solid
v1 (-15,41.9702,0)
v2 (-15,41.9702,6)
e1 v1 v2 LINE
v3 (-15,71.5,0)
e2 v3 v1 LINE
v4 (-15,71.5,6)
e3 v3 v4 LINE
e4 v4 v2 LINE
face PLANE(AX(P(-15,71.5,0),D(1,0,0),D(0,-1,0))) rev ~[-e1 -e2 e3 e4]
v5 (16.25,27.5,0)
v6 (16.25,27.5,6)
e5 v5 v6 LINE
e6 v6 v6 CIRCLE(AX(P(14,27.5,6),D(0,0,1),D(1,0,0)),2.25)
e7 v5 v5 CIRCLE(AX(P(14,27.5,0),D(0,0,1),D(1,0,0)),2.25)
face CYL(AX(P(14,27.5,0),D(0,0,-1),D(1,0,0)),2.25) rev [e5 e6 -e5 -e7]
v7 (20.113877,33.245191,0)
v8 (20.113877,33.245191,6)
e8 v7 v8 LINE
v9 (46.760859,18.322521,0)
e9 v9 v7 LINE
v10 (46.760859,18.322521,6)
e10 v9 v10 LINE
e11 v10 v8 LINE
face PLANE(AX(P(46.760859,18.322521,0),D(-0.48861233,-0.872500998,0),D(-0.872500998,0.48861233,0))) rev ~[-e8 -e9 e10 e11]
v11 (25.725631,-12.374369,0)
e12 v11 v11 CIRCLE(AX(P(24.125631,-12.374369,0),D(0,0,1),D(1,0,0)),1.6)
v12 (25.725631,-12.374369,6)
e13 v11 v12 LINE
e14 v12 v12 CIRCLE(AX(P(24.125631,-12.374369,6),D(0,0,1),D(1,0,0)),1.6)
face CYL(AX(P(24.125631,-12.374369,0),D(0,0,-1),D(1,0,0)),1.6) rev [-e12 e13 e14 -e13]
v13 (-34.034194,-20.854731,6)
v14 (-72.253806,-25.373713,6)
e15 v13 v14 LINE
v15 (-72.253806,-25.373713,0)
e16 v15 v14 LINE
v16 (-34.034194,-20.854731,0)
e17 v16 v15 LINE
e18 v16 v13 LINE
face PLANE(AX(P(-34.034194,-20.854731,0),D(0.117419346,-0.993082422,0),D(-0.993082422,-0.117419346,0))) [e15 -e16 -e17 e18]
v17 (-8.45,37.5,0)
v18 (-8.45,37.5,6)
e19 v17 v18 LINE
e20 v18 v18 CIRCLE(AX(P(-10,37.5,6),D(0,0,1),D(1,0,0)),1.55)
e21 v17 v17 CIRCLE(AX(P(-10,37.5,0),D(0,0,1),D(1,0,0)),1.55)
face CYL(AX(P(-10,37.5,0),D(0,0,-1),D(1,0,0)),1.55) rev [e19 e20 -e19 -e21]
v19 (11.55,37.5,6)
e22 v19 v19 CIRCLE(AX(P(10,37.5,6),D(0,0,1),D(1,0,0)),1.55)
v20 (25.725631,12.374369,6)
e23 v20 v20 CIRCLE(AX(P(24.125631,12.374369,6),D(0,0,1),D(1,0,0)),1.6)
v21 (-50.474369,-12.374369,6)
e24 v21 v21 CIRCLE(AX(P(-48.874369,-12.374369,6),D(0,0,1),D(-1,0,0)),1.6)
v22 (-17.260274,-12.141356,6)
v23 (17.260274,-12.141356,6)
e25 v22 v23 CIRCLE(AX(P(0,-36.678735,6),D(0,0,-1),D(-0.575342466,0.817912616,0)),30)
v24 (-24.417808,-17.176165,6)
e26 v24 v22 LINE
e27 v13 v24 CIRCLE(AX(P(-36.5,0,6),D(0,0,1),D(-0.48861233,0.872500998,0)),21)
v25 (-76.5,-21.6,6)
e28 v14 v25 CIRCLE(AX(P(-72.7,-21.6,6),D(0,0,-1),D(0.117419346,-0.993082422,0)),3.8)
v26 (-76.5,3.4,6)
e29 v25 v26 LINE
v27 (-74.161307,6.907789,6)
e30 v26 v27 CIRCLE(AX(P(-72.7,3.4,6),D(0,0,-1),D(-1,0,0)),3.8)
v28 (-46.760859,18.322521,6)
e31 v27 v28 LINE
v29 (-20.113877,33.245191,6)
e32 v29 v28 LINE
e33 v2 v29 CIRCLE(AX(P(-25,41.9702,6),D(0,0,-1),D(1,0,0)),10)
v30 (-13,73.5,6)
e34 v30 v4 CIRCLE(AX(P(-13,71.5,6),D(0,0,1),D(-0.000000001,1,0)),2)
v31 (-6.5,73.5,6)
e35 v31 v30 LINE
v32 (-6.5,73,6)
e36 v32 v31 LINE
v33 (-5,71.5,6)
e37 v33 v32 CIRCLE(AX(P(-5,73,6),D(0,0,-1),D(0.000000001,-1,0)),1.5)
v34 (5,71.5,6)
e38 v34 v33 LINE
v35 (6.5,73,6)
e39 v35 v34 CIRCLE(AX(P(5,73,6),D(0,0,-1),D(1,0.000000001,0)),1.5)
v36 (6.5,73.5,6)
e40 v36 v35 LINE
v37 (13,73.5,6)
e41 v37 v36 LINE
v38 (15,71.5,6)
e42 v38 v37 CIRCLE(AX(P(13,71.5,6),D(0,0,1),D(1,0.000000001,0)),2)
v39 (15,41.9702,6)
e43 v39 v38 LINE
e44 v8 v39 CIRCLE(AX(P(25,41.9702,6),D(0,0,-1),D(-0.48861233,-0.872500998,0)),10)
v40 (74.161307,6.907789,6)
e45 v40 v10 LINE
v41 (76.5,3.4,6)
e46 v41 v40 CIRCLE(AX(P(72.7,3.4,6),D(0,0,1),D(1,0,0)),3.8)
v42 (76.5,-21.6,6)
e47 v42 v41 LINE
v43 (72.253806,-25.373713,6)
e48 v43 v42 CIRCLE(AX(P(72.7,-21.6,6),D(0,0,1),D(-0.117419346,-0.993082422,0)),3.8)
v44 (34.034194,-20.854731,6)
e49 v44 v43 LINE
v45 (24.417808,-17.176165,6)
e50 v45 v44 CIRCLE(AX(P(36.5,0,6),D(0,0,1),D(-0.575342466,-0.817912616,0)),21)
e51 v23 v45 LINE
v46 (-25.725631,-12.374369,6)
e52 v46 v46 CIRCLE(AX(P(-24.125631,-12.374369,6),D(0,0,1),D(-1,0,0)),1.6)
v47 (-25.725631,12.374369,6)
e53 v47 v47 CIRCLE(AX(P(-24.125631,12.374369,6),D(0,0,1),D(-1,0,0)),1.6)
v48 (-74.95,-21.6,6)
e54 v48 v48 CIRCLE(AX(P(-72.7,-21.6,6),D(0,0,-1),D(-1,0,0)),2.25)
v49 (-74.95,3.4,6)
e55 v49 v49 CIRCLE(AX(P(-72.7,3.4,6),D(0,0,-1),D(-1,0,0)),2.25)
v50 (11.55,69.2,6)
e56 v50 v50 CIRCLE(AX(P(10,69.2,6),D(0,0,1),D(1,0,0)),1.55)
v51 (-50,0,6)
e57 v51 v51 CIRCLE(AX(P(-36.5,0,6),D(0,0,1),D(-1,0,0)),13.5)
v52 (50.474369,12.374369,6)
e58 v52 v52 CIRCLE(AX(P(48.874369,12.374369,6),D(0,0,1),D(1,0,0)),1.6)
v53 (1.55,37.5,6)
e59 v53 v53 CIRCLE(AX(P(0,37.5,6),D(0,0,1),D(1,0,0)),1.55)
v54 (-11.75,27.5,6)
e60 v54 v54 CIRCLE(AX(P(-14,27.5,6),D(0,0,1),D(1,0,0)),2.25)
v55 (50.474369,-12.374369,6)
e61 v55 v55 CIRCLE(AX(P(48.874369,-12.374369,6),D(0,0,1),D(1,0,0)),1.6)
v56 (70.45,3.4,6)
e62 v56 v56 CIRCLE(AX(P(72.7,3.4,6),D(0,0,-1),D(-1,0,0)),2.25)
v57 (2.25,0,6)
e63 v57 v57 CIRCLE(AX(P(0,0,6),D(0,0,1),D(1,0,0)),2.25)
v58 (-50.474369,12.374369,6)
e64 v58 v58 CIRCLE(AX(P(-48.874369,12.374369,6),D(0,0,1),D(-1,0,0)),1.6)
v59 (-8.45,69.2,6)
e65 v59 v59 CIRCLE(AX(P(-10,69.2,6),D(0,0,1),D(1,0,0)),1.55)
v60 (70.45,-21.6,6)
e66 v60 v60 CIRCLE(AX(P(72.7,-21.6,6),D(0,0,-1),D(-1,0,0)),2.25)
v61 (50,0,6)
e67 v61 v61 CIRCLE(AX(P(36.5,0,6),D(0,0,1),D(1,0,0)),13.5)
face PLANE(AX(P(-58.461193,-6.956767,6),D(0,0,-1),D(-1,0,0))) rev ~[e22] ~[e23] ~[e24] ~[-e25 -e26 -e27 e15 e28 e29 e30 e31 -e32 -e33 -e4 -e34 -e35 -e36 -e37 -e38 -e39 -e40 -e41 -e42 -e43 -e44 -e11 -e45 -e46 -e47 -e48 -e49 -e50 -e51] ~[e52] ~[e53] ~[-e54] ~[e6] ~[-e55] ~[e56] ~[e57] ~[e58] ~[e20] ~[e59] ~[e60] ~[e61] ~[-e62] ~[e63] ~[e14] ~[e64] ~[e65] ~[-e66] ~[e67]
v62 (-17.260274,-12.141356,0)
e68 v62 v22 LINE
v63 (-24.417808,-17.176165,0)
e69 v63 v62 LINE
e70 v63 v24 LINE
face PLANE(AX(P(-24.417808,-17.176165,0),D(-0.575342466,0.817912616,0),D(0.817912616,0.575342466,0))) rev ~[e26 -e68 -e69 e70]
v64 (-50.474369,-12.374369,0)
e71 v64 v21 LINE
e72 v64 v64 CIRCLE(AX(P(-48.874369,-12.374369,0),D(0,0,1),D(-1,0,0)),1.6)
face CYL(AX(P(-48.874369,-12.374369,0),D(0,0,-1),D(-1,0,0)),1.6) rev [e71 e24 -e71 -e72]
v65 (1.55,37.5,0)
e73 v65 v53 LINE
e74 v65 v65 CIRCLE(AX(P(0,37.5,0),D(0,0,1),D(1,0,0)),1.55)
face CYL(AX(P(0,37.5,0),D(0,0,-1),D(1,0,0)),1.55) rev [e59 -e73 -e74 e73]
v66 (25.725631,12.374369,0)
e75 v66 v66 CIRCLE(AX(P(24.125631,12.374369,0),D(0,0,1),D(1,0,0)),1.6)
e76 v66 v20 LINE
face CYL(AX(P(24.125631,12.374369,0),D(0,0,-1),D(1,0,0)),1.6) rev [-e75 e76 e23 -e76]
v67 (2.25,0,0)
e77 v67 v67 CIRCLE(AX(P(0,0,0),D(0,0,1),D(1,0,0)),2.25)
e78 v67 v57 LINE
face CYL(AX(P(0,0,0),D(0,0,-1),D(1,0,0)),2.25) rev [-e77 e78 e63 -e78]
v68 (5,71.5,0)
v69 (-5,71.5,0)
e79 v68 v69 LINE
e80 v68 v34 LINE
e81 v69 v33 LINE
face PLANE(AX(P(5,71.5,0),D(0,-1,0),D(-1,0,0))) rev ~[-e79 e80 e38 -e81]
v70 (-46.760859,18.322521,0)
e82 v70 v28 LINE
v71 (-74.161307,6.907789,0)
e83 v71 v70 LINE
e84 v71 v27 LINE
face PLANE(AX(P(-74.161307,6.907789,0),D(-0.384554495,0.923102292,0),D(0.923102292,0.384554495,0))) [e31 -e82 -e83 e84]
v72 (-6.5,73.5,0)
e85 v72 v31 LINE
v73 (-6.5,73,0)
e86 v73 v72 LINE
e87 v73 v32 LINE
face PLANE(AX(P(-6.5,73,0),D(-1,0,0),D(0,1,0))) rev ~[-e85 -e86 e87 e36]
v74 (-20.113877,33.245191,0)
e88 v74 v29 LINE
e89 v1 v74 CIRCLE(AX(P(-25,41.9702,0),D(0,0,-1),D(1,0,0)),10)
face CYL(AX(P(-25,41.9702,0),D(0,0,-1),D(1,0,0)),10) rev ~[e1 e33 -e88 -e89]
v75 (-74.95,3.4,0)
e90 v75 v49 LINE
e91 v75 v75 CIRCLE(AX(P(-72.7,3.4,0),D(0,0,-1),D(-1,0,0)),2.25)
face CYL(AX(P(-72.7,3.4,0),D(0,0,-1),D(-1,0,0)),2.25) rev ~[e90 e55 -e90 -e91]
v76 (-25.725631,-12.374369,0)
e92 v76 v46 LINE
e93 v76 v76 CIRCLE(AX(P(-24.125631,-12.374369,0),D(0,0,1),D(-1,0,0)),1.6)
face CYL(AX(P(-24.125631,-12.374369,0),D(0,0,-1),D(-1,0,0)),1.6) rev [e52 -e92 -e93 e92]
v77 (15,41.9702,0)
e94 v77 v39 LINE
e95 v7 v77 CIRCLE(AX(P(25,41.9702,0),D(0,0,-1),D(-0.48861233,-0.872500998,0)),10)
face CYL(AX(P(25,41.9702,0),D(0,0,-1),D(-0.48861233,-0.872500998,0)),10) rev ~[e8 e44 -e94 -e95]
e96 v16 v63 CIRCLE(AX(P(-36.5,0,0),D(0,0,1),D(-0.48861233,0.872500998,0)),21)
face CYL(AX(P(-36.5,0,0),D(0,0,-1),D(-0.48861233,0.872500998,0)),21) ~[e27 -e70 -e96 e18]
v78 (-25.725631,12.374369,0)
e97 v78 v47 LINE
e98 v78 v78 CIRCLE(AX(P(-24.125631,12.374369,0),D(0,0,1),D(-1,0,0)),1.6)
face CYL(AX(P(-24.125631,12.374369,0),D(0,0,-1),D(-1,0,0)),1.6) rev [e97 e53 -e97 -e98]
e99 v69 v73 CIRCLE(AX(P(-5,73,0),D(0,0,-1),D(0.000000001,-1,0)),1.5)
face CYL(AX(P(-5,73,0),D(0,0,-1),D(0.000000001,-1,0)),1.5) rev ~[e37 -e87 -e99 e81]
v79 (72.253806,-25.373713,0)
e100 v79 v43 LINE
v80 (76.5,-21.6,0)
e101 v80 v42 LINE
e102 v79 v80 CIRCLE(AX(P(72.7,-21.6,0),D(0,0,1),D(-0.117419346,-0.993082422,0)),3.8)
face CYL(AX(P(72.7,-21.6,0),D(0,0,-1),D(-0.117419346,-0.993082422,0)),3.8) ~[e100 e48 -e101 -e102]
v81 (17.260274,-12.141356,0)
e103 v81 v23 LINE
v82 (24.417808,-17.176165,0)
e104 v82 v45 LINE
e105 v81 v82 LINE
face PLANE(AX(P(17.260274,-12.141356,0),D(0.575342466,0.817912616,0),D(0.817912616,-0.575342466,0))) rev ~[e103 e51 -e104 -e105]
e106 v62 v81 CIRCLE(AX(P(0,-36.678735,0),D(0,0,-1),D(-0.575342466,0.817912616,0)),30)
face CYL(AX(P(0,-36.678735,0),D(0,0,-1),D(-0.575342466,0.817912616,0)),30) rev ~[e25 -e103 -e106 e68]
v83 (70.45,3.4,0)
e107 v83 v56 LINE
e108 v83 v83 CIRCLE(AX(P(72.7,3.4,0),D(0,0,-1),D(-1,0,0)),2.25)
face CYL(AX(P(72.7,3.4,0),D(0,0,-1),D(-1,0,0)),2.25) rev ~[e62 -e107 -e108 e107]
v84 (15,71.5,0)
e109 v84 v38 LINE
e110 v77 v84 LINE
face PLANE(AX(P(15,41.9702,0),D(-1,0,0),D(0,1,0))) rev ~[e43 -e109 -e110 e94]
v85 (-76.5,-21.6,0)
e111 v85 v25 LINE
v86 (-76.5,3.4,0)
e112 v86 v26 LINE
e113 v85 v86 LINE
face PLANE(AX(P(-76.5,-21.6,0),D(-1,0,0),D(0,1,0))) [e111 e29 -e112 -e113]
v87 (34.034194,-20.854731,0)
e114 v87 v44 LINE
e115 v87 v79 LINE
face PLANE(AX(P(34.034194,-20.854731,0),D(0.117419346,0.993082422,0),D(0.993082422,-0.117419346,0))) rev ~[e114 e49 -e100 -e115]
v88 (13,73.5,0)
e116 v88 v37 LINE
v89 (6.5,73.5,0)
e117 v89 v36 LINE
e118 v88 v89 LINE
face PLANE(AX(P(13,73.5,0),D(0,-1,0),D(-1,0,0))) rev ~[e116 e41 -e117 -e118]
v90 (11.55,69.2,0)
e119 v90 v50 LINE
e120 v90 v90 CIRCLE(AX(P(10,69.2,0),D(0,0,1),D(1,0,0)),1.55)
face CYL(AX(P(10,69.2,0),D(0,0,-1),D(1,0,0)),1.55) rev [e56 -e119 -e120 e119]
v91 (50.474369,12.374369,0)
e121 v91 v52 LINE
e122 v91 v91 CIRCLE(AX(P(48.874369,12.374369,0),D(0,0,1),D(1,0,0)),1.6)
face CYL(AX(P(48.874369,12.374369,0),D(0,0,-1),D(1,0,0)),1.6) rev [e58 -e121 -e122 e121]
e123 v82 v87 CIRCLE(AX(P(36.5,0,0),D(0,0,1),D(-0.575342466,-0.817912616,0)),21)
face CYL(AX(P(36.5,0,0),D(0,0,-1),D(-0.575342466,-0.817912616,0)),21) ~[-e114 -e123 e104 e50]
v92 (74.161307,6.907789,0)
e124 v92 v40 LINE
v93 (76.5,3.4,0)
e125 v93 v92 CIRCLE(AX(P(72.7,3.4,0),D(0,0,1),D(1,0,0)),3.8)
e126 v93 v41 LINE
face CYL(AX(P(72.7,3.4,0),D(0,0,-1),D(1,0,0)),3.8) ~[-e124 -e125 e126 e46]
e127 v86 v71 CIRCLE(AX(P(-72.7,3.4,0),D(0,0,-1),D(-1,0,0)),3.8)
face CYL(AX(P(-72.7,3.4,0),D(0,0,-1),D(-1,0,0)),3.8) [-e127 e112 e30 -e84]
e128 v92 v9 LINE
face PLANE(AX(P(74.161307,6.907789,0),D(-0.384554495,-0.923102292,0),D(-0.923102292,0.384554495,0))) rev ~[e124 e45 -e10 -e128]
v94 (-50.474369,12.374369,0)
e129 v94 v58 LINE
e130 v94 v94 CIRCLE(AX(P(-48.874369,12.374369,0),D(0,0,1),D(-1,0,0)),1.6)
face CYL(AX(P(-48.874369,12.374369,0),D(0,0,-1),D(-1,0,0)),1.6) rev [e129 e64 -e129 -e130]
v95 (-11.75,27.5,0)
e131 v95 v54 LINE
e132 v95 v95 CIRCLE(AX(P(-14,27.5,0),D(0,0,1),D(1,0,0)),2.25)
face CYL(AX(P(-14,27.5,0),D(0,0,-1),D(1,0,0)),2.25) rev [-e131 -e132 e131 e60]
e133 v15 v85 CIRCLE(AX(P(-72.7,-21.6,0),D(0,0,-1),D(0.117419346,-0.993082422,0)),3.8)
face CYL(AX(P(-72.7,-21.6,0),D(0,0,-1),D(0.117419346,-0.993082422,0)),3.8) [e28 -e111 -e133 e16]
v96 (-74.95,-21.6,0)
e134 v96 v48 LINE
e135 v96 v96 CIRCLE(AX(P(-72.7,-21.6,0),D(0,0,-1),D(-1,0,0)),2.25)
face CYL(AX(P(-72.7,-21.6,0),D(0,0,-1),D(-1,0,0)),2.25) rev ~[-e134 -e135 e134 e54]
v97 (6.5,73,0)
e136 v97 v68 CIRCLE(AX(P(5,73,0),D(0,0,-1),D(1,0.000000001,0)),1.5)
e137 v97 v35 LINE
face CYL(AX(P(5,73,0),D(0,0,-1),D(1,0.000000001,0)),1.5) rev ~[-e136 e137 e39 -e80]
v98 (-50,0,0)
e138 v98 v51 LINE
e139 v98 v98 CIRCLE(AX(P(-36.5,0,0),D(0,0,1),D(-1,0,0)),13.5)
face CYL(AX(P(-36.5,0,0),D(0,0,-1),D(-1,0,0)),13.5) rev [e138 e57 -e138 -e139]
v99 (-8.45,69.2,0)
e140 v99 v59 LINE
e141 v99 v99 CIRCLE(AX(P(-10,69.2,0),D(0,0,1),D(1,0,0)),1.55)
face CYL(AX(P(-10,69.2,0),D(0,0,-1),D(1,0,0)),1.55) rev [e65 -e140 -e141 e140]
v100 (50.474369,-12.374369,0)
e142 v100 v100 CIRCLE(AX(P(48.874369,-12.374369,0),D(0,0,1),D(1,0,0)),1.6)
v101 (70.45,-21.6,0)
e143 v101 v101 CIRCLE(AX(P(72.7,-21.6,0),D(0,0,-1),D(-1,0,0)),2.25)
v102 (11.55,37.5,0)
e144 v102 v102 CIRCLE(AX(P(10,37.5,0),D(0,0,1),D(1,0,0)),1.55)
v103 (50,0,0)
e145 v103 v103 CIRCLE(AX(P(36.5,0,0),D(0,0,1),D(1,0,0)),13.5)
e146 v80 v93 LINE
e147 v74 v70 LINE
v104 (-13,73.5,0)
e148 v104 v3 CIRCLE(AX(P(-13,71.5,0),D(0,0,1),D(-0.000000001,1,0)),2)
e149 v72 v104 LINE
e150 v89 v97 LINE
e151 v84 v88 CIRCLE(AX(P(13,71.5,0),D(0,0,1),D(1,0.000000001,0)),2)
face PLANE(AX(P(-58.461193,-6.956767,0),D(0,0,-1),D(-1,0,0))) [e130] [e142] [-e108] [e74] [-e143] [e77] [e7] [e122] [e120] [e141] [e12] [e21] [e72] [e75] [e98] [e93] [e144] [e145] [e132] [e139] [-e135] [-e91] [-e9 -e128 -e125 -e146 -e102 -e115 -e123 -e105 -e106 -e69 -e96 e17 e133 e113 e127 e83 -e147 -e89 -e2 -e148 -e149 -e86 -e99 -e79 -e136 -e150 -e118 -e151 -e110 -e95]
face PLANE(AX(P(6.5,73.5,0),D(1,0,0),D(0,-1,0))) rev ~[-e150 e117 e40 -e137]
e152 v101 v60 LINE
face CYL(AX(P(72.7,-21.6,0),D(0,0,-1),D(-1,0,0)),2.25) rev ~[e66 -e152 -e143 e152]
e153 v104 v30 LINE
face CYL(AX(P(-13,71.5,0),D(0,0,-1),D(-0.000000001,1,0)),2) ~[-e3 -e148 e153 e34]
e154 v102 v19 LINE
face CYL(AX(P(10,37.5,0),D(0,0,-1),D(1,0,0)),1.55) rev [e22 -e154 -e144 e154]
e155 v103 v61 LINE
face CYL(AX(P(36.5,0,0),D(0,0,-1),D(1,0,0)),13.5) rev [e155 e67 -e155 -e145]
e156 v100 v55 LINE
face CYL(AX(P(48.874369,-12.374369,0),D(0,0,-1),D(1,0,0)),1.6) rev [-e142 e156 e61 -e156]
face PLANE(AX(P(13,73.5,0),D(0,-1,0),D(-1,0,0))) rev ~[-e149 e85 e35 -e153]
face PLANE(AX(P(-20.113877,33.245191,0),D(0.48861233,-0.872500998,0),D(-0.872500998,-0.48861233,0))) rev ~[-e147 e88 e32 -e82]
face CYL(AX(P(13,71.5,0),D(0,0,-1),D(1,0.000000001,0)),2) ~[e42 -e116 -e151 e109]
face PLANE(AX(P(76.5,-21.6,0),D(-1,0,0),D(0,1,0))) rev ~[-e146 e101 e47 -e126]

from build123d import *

# Parameters (mm, degrees)
SKETCH_1_R          = 2.25
SKETCH_1_R_2        = 13.5
SKETCH_1_R_3        = 1.6
SKETCH_1_R_4        = 1.55
EXTRUDE_1_DEPTH     = 6
SKETCH_2_R          = 2.25
EXTRUDE_2_DEPTH     = 6
CUT_EXTRUDE_2_DEPTH = 10


with BuildPart() as part:
    # 草图1 → 凸台-拉伸1 (new body)
    with BuildSketch(Plane.XY):
        with BuildLine():
            Line((-20.113876697, 33.24519052), (-46.760858936, 18.322520948))
            ThreePointArc((-46.760858936, 18.322520948), (-54.272689389, -11.186219731), (-24.417808219, -17.176164932))
            Line((-24.417808219, -17.176164932), (-17.260273973, -12.141356418))
            ThreePointArc((-17.260273973, -12.141356418), (0, -6.678734892), (17.260273973, -12.141356418))
            Line((17.260273973, -12.141356418), (24.417808219, -17.176164932))
            ThreePointArc((24.417808219, -17.176164932), (54.272689389, -11.186219731), (46.760858936, 18.322520948))
            Line((46.760858936, 18.322520948), (20.113876697, 33.24519052))
            ThreePointArc((20.113876697, 33.24519052), (16.372681963, 36.913582704), (15, 41.970200496))
            Line((15, 41.970200496), (15, 71.5))
            ThreePointArc((15, 71.5), (14.414213562, 72.914213562), (13, 73.5))
            Line((13, 73.5), (-13, 73.5))
            ThreePointArc((-13, 73.5), (-14.414213562, 72.914213562), (-15, 71.5))
            Line((-15, 71.5), (-15, 41.970200496))
            ThreePointArc((-15, 41.970200496), (-16.372681963, 36.913582704), (-20.113876697, 33.24519052))
        make_face()
        with Locations((-14, 27.5)):
            Circle(SKETCH_1_R, mode=Mode.SUBTRACT)
        with Locations((14, 27.5)):
            Circle(SKETCH_1_R, mode=Mode.SUBTRACT)
        with Locations((36.5, 0)):
            Circle(SKETCH_1_R_2, mode=Mode.SUBTRACT)
        with Locations((24.125631329, 12.374368671)):
            Circle(SKETCH_1_R_3, mode=Mode.SUBTRACT)
        with Locations((48.874368671, 12.374368671)):
            Circle(SKETCH_1_R_3, mode=Mode.SUBTRACT)
        with Locations((48.874368671, -12.374368671)):
            Circle(SKETCH_1_R_3, mode=Mode.SUBTRACT)
        with Locations((24.125631329, -12.374368671)):
            Circle(SKETCH_1_R_3, mode=Mode.SUBTRACT)
        Circle(SKETCH_1_R, mode=Mode.SUBTRACT)
        with Locations(Location((-24.125631329, -12.374368671, 0), (0, 0, 180))):
            Circle(SKETCH_1_R_3, mode=Mode.SUBTRACT)
        with Locations(Location((-48.874368671, -12.374368671, 0), (0, 0, 180))):
            Circle(SKETCH_1_R_3, mode=Mode.SUBTRACT)
        with Locations(Location((-48.874368671, 12.374368671, 0), (0, 0, 180))):
            Circle(SKETCH_1_R_3, mode=Mode.SUBTRACT)
        with Locations(Location((-24.125631329, 12.374368671, 0), (0, 0, 180))):
            Circle(SKETCH_1_R_3, mode=Mode.SUBTRACT)
        with Locations(Location((-36.5, 0, 0), (0, 0, 180))):
            Circle(SKETCH_1_R_2, mode=Mode.SUBTRACT)
        with Locations((-10, 37.5)):
            Circle(SKETCH_1_R_4, mode=Mode.SUBTRACT)
        with Locations((10, 37.5)):
            Circle(SKETCH_1_R_4, mode=Mode.SUBTRACT)
        with Locations((-10, 69.2)):
            Circle(SKETCH_1_R_4, mode=Mode.SUBTRACT)
        with Locations((10, 69.2)):
            Circle(SKETCH_1_R_4, mode=Mode.SUBTRACT)
        with Locations((0, 37.5)):
            Circle(SKETCH_1_R_4, mode=Mode.SUBTRACT)
    extrude(amount=EXTRUDE_1_DEPTH)

    # 草图2 → 凸台-拉伸2 (add)
    # profile 1 of 2: a face of its own
    with BuildSketch(Plane(origin=(0, 0, 0), x_dir=(-1, 0, 0), z_dir=(0, 0, -1))):
        with BuildLine():
            Line((34.034193738, -20.854730866), (72.253806486, -25.373713204))
            ThreePointArc((72.253806486, -25.373713204), (75.224328093, -24.440381608), (76.5, -21.6))
            Line((76.5, -21.6), (76.5, 3.4))
            ThreePointArc((76.5, 3.4), (75.861721596, 5.507965026), (74.16130708, 6.907788708))
            Line((74.16130708, 6.907788708), (46.760858936, 18.322520948))
            ThreePointArc((46.760858936, 18.322520948), (56.47260565, -6.488067781), (34.034193738, -20.854730866))
        make_face()
        with Locations((72.7, 3.4)):
            Circle(SKETCH_2_R, mode=Mode.SUBTRACT)
        with Locations((72.7, -21.6)):
            Circle(SKETCH_2_R, mode=Mode.SUBTRACT)
    # profile 2 of 2: a face of its own
    with BuildSketch(Plane(origin=(0, 0, 0), x_dir=(-1, 0, 0), z_dir=(0, 0, -1))):
        with BuildLine():
            Line((-74.16130708, 6.907788708), (-46.760858936, 18.322520948))
            ThreePointArc((-46.760858936, 18.322520948), (-56.47260565, -6.488067781), (-34.034193738, -20.854730866))
            Line((-34.034193738, -20.854730866), (-72.253806486, -25.373713204))
            ThreePointArc((-72.253806486, -25.373713204), (-75.224328093, -24.440381608), (-76.5, -21.6))
            Line((-76.5, -21.6), (-76.5, 3.4))
            ThreePointArc((-76.5, 3.4), (-75.861721596, 5.507965026), (-74.16130708, 6.907788708))
        make_face()
        with Locations((-72.7, 3.4)):
            Circle(SKETCH_2_R, mode=Mode.SUBTRACT)
        with Locations((-72.7, -21.6)):
            Circle(SKETCH_2_R, mode=Mode.SUBTRACT)
    extrude(amount=-EXTRUDE_2_DEPTH)

    # 草图4 → 切除-拉伸2 (cut)
    with BuildSketch(Plane(origin=(0, 0, 0), x_dir=(-1, 0, 0), z_dir=(0, 0, -1))):
        with BuildLine():
            Line((6.5, 73.5), (-6.5, 73.5))
            Line((-6.5, 73.5), (-6.5, 73))
            ThreePointArc((-6.5, 73), (-6.060660172, 71.939339828), (-5, 71.5))
            Line((-5, 71.5), (5, 71.5))
            ThreePointArc((5, 71.5), (6.060660172, 71.939339828), (6.5, 73))
            Line((6.5, 73), (6.5, 73.5))
        make_face()
    extrude(amount=-CUT_EXTRUDE_2_DEPTH, mode=Mode.SUBTRACT)


solid = part.part
